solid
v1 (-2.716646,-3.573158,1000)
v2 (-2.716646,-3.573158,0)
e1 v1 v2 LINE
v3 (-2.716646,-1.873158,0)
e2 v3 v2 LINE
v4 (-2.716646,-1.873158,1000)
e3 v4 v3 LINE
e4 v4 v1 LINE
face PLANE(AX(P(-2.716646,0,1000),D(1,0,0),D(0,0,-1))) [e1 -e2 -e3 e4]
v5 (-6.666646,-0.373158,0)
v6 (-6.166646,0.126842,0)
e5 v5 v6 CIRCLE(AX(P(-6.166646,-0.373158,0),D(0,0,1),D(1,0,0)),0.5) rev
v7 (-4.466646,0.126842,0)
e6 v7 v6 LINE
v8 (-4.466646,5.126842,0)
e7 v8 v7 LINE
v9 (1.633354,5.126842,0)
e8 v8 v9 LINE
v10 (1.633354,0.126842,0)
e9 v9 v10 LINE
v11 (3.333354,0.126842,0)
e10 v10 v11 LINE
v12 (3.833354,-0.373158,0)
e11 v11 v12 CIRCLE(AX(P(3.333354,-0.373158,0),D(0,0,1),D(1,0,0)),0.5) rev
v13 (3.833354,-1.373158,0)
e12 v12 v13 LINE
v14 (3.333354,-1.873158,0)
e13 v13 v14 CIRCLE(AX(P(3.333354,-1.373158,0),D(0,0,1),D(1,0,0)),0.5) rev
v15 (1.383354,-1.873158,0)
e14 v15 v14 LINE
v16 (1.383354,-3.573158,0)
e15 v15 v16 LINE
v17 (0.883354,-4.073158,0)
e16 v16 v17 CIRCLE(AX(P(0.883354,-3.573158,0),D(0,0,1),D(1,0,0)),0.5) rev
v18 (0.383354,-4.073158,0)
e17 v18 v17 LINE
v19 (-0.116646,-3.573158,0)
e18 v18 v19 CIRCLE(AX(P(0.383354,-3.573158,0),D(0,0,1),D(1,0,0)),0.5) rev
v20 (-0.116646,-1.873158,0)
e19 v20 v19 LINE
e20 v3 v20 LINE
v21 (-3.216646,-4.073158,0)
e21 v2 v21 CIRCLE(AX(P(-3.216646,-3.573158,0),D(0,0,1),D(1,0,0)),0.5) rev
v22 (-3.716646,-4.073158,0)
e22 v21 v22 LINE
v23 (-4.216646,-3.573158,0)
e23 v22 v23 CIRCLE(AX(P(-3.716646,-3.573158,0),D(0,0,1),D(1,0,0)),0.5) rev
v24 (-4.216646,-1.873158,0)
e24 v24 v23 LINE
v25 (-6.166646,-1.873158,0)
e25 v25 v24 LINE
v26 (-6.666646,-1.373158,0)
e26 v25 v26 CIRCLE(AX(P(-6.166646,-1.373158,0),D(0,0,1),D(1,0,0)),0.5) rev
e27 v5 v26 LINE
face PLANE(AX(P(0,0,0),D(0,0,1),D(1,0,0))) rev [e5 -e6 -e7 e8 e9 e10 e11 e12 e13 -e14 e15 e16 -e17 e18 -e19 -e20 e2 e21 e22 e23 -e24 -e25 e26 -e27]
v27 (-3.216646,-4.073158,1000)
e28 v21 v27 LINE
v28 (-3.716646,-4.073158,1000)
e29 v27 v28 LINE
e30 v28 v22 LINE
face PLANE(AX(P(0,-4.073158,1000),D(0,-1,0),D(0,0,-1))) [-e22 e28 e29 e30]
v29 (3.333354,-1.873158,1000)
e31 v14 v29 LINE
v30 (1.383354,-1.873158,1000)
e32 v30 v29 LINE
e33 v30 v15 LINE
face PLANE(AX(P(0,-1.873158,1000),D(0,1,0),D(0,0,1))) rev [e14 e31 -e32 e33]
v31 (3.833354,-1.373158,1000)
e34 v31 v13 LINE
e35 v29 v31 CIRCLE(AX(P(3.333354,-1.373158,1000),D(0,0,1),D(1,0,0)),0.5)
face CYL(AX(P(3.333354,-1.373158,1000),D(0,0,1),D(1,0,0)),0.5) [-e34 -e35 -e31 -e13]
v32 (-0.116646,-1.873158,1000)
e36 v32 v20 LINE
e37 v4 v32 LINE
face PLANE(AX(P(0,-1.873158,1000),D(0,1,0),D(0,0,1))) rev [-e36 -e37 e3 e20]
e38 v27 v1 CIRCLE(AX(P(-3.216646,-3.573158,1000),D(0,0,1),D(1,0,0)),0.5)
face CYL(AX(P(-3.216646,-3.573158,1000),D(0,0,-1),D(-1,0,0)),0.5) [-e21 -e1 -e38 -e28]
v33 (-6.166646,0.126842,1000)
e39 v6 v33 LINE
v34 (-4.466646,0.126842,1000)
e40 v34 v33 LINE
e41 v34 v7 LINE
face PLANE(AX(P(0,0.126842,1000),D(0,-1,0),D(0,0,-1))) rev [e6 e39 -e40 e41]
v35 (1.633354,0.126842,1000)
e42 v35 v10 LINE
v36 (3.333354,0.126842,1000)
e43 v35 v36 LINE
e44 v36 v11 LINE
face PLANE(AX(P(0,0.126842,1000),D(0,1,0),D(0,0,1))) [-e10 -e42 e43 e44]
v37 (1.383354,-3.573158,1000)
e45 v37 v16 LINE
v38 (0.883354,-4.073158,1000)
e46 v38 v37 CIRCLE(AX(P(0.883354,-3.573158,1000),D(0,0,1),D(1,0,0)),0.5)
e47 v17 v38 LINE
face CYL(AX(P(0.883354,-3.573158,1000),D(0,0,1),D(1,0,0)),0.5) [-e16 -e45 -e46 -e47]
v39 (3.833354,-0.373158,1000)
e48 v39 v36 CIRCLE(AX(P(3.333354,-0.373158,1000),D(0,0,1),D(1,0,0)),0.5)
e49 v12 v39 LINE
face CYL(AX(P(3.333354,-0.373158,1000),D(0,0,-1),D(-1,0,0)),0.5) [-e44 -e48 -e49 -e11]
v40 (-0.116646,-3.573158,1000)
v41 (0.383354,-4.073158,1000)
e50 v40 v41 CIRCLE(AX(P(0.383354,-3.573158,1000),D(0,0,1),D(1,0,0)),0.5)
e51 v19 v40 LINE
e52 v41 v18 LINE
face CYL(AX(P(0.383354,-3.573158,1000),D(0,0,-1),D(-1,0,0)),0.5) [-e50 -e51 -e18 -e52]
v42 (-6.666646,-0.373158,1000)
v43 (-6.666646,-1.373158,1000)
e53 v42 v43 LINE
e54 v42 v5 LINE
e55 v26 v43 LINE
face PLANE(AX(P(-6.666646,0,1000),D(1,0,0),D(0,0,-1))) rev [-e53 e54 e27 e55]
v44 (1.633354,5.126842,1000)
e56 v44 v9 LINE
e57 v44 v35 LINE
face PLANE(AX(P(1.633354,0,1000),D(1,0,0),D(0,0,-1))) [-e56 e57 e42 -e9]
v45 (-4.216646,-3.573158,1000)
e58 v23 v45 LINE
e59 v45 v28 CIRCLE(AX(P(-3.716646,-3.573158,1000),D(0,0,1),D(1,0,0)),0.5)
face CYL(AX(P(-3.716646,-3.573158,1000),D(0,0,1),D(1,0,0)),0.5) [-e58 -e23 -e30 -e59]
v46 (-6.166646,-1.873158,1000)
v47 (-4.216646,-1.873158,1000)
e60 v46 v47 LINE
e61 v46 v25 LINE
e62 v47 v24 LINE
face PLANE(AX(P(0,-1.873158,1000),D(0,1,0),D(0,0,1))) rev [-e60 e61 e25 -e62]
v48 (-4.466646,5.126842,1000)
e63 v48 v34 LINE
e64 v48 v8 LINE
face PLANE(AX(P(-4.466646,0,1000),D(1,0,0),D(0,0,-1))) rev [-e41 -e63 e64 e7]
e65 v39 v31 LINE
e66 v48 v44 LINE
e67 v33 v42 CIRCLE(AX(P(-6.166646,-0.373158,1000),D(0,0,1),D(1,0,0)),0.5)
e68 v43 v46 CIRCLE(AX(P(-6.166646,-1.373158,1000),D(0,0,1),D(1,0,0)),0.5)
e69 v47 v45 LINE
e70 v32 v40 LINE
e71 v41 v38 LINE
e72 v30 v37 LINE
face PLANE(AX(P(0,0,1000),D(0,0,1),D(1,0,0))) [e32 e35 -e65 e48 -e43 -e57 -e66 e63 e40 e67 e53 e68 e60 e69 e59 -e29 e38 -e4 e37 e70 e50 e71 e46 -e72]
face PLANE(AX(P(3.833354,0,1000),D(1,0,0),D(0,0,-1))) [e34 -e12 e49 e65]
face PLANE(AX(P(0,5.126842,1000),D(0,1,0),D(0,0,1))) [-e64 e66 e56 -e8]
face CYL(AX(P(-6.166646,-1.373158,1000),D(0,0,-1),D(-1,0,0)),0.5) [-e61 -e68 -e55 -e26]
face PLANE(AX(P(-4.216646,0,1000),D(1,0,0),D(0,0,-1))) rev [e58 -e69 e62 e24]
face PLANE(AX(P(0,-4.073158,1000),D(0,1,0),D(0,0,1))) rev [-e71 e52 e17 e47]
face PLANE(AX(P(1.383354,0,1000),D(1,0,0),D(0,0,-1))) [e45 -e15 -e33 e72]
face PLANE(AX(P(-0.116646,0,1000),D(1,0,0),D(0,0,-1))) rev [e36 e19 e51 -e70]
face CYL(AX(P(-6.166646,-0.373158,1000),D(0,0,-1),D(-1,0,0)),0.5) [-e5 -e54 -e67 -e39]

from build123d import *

# Parameters (mm, degrees)
SKETCH2_W           = 3.05
SKETCH2_H           = 2.25
SKETCH2_W_2         = 2.2
SKETCH2_H_2         = 2
SKETCH2_W_3         = 1.5
SKETCH2_H_3         = 2.2
BOSS_EXTRUDE1_DEPTH = 1000
FILLET1_R           = 0.5
FILLET2_R           = 0.5


with BuildPart() as part:
    # Sketch2 → Boss-Extrude1 (new body)
    with BuildSketch(Plane.XY):
        with Locations((0.108353761, 4.001842427)):
            Rectangle(SKETCH2_W, SKETCH2_H)
        Polygon((-1.416646239, -1.873157573), (-1.416646239, 2.876842427), (-4.466646239, 2.876842427), (-4.466646239, 0.126842427), (-4.466646239, -1.873157573), (-4.216646239, -1.873157573), (-2.716646239, -1.873157573), align=None)
        Polygon((1.633353761, 2.876842427), (-1.416646239, 2.876842427), (-1.416646239, -1.873157573), (-0.116646239, -1.873157573), (1.383353761, -1.873157573), (1.633353761, -1.873157573), (1.633353761, 0.126842427), align=None)
        with Locations((-2.941646239, 4.001842427)):
            Rectangle(SKETCH2_W, SKETCH2_H)
        with Locations((2.733353761, -0.873157573)):
            Rectangle(SKETCH2_W_2, SKETCH2_H_2)
        with Locations((0.633353761, -2.973157573)):
            Rectangle(SKETCH2_W_3, SKETCH2_H_3)
        with Locations((-3.466646239, -2.973157573)):
            Rectangle(SKETCH2_W_3, SKETCH2_H_3)
        with Locations((-5.566646239, -0.873157573)):
            Rectangle(SKETCH2_W_2, SKETCH2_H_2)
    extrude(amount=BOSS_EXTRUDE1_DEPTH)

    # Fillet1
    fillet1_edges = [part.edges().sort_by_distance(p)[0] for p in [
        (3.833353761, 0.126842427, 500),
        (3.833353761, -1.873157573, 500),
        (-6.666646239, -1.873157573, 500),
        (-6.666646239, 0.126842427, 500),
    ]]
    fillet(fillet1_edges, radius=FILLET1_R)

    # Fillet2
    fillet2_edges = [part.edges().sort_by_distance(p)[0] for p in [
        (1.383353761, -4.073157573, 500),
        (-0.116646239, -4.073157573, 500),
        (-2.716646239, -4.073157573, 500),
        (-4.216646239, -4.073157573, 500),
    ]]
    fillet(fillet2_edges, radius=FILLET2_R)


solid = part.part
